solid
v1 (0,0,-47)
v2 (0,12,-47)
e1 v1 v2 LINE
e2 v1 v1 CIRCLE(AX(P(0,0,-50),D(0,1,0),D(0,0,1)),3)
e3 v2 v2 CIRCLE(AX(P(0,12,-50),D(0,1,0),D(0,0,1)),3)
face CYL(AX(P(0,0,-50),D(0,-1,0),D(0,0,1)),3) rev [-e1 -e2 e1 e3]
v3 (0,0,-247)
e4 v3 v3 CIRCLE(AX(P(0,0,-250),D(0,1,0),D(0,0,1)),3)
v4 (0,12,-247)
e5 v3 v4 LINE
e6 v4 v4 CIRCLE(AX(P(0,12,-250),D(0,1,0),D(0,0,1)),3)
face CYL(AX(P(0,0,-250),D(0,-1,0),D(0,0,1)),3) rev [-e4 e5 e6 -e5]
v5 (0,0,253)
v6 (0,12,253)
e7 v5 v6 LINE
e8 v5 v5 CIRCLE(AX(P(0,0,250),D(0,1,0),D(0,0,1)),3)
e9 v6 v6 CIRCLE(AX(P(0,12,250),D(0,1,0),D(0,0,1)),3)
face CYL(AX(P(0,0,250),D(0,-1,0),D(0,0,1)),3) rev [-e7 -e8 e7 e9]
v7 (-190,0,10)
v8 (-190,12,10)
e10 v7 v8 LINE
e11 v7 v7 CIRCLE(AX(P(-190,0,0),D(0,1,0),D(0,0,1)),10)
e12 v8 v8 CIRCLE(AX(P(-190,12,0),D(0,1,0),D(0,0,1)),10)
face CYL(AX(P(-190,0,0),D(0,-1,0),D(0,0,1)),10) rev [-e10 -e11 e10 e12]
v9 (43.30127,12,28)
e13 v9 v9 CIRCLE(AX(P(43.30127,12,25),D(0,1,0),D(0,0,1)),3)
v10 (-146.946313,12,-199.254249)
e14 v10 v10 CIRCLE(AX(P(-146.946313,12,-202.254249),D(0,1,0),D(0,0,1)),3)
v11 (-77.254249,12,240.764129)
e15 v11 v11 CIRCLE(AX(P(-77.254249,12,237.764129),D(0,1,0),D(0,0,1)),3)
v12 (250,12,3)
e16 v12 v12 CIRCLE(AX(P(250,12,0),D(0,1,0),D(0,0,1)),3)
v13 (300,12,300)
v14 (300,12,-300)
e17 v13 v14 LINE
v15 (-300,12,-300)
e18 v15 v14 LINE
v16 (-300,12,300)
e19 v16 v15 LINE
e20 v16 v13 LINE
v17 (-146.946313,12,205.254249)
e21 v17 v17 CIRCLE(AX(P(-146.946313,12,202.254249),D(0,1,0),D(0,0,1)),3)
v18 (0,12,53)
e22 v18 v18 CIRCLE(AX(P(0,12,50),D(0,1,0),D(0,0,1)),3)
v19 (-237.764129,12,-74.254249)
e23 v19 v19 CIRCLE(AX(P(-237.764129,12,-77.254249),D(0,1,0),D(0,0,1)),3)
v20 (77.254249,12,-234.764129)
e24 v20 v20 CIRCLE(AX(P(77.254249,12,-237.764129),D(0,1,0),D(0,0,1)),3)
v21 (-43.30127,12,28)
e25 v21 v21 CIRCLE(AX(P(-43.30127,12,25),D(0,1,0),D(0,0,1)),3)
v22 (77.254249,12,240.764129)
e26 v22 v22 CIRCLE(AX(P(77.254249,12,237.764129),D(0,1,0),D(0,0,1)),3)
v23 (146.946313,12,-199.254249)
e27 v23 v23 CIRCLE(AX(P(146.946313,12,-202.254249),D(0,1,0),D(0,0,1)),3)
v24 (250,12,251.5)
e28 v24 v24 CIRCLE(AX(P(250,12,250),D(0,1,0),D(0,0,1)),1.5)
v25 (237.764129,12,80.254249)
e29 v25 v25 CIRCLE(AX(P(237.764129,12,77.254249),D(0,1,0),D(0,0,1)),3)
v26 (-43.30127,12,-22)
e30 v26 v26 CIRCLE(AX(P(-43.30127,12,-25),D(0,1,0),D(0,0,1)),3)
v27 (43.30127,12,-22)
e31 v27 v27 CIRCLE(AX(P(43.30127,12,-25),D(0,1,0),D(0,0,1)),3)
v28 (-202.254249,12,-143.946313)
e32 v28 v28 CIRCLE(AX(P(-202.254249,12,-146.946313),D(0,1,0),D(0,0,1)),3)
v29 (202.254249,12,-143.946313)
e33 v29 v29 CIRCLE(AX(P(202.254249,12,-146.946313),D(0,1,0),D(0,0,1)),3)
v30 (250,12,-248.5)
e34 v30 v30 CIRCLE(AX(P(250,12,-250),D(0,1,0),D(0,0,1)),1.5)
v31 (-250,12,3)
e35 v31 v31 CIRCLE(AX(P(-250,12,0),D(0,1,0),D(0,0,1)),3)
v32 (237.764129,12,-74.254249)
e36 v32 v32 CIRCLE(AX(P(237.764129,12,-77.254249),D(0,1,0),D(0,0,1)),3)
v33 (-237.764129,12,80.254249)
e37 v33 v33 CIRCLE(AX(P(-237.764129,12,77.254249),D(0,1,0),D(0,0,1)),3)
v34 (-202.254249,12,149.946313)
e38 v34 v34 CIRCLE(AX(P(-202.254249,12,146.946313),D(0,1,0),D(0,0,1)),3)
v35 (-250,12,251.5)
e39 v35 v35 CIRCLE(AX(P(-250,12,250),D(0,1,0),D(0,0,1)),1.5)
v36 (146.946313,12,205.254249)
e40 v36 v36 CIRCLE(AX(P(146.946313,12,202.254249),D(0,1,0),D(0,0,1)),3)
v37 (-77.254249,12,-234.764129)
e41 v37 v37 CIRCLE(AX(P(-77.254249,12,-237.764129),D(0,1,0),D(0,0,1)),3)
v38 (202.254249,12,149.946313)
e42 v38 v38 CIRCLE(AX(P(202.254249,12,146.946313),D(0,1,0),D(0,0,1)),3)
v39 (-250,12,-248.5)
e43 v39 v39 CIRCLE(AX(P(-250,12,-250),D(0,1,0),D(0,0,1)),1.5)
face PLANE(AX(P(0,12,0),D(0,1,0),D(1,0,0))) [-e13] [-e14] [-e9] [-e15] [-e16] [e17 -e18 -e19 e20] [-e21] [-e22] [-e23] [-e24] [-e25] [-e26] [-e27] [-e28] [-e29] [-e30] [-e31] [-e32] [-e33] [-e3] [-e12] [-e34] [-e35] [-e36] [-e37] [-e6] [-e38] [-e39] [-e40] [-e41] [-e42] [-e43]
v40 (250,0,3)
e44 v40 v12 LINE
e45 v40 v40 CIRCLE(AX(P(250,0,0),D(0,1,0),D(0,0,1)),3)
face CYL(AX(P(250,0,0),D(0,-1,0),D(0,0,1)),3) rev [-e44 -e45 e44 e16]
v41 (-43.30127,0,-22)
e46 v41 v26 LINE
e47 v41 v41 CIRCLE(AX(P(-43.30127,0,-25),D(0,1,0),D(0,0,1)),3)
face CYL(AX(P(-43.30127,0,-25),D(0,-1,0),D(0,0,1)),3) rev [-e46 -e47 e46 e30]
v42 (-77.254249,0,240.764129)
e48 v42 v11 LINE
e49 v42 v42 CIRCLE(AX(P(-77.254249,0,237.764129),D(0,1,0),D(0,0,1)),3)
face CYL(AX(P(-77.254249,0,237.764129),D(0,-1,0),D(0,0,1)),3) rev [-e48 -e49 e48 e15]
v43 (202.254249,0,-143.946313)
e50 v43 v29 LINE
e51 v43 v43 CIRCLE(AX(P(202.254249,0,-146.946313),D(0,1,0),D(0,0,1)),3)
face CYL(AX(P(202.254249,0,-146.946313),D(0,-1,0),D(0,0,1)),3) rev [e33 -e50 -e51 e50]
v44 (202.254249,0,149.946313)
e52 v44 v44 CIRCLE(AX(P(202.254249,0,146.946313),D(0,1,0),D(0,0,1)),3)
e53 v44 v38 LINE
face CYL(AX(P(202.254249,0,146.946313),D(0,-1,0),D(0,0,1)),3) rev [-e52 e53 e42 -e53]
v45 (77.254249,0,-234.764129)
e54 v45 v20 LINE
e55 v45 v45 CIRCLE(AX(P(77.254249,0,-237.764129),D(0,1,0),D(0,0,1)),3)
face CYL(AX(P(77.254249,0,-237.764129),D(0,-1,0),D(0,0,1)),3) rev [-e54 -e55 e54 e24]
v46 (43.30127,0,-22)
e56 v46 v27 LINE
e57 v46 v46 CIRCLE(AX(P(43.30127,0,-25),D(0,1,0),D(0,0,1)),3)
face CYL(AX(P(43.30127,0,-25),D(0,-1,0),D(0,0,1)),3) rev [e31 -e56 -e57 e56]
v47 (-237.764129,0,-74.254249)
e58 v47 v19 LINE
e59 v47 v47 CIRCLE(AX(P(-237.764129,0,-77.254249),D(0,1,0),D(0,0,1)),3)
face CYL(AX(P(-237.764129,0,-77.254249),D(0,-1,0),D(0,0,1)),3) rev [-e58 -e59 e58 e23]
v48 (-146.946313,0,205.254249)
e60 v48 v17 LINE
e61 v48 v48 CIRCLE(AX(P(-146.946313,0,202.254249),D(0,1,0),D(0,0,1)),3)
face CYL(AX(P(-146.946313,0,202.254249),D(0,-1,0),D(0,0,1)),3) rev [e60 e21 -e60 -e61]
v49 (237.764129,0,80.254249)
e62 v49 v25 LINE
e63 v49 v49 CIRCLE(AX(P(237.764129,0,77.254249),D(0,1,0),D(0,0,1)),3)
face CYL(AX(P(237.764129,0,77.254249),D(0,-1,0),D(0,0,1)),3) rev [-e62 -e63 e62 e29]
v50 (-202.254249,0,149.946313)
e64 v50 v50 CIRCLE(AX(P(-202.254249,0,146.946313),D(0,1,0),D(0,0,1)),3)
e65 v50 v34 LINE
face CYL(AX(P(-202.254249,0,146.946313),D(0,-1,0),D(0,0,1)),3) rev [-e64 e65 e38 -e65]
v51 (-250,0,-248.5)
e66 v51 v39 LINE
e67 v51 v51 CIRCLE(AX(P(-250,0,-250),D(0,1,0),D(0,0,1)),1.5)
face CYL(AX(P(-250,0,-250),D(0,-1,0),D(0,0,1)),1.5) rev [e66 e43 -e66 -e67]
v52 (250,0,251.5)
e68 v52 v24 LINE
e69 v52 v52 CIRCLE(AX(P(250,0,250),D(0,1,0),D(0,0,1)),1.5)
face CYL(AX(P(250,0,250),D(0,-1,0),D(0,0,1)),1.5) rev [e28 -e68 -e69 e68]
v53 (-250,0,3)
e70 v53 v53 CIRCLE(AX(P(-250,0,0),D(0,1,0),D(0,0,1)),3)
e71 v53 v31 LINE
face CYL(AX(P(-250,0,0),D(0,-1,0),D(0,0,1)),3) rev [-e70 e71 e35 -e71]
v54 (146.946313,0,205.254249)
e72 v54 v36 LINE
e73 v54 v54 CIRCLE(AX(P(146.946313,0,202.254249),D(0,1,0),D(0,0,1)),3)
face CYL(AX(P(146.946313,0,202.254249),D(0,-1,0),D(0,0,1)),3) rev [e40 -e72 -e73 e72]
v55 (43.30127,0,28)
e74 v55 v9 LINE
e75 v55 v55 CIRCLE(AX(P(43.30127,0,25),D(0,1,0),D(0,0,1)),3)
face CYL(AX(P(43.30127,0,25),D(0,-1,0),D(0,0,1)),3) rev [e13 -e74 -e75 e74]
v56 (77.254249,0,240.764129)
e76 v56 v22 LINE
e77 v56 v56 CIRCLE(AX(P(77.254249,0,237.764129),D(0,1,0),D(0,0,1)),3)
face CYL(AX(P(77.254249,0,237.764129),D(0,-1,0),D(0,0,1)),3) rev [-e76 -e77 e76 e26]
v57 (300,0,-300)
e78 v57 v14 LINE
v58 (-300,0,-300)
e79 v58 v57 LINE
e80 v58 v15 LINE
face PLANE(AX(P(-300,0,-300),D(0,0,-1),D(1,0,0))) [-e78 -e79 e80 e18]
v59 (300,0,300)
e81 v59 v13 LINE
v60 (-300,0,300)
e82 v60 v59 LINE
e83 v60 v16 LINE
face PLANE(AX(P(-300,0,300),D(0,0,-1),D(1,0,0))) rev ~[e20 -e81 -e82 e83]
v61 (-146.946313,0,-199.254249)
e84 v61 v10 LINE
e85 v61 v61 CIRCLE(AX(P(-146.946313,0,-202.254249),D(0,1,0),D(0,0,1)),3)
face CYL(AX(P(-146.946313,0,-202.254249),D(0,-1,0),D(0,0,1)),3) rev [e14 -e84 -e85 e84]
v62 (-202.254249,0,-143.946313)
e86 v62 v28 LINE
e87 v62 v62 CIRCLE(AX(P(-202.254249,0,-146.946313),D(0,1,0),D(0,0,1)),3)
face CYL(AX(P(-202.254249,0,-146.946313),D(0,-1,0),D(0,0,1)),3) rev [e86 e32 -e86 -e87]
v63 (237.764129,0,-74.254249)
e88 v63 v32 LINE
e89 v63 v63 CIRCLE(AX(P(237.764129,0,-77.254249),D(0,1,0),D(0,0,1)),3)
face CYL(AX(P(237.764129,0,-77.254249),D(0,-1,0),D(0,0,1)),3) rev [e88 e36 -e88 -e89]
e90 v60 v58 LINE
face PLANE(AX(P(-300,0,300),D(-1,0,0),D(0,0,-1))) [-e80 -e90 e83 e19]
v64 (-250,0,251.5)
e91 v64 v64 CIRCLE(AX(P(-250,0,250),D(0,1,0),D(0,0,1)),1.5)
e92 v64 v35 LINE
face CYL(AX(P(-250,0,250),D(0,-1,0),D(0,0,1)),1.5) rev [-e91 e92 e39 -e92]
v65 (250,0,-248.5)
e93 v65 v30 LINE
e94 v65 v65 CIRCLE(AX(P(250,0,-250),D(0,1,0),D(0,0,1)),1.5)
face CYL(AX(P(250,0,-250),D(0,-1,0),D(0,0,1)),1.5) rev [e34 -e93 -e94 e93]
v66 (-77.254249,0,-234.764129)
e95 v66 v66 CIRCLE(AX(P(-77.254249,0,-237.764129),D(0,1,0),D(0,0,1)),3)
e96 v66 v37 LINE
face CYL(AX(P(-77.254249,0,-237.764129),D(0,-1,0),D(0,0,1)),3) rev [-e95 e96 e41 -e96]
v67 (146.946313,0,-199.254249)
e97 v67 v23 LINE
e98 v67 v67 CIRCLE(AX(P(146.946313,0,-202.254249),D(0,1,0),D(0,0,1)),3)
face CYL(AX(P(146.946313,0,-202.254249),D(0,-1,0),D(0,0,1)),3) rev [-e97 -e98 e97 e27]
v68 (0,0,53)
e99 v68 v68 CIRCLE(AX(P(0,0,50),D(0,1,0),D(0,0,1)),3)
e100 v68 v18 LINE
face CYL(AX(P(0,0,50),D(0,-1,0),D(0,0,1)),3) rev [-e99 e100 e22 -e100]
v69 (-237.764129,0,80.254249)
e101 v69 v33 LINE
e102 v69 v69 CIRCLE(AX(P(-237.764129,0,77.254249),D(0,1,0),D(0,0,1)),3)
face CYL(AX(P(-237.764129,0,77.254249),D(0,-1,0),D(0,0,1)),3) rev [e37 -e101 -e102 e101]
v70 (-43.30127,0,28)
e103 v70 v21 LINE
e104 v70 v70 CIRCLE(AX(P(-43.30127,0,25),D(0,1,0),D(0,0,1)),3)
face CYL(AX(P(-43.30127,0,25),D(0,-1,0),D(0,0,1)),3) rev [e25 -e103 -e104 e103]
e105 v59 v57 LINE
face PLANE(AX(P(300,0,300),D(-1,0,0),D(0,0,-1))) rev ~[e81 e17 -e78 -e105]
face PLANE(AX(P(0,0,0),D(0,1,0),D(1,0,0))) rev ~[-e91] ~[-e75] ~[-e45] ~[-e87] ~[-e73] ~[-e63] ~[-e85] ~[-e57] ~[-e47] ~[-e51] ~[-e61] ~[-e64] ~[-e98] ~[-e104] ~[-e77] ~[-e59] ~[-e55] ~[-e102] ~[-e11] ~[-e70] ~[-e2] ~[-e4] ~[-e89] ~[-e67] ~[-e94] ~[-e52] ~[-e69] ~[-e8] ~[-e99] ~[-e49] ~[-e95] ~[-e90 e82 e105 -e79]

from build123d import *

# Parameters (mm, degrees)
SKETCH1_W           = 600
SKETCH1_H           = 600
SKETCH1_R           = 3
SKETCH1_R_2         = 1.5
SKETCH1_R_3         = 10
BOSS_EXTRUDE1_DEPTH = 12


with BuildPart() as part:
    # Sketch1 → Boss-Extrude1 (new body)
    with BuildSketch(Plane(origin=(0, 0, 0), x_dir=(1, 0, 0), z_dir=(0, 1, 0))):
        Rectangle(SKETCH1_W, SKETCH1_H)
        with Locations(Location((0, 250, 0), (0, 0, 270))):
            Circle(SKETCH1_R, mode=Mode.SUBTRACT)
        with Locations(Location((77.254248594, 237.764129074, 0), (0, 0, 270))):
            Circle(SKETCH1_R, mode=Mode.SUBTRACT)
        with Locations(Location((146.946313073, 202.254248594, 0), (0, 0, 270))):
            Circle(SKETCH1_R, mode=Mode.SUBTRACT)
        with Locations(Location((202.254248594, 146.946313073, 0), (0, 0, 270))):
            Circle(SKETCH1_R, mode=Mode.SUBTRACT)
        with Locations(Location((237.764129074, 77.254248594, 0), (0, 0, 270))):
            Circle(SKETCH1_R, mode=Mode.SUBTRACT)
        with Locations(Location((250, 0, 0), (0, 0, 270))):
            Circle(SKETCH1_R, mode=Mode.SUBTRACT)
        with Locations(Location((237.764129074, -77.254248594, 0), (0, 0, 270))):
            Circle(SKETCH1_R, mode=Mode.SUBTRACT)
        with Locations(Location((202.254248594, -146.946313073, 0), (0, 0, 270))):
            Circle(SKETCH1_R, mode=Mode.SUBTRACT)
        with Locations(Location((146.946313073, -202.254248594, 0), (0, 0, 270))):
            Circle(SKETCH1_R, mode=Mode.SUBTRACT)
        with Locations(Location((77.254248594, -237.764129074, 0), (0, 0, 270))):
            Circle(SKETCH1_R, mode=Mode.SUBTRACT)
        with Locations(Location((0, -250, 0), (0, 0, 270))):
            Circle(SKETCH1_R, mode=Mode.SUBTRACT)
        with Locations(Location((-77.254248594, -237.764129074, 0), (0, 0, 270))):
            Circle(SKETCH1_R, mode=Mode.SUBTRACT)
        with Locations(Location((-146.946313073, -202.254248594, 0), (0, 0, 270))):
            Circle(SKETCH1_R, mode=Mode.SUBTRACT)
        with Locations(Location((-202.254248594, -146.946313073, 0), (0, 0, 270))):
            Circle(SKETCH1_R, mode=Mode.SUBTRACT)
        with Locations(Location((-237.764129074, -77.254248594, 0), (0, 0, 270))):
            Circle(SKETCH1_R, mode=Mode.SUBTRACT)
        with Locations(Location((-250, 0, 0), (0, 0, 270))):
            Circle(SKETCH1_R, mode=Mode.SUBTRACT)
        with Locations(Location((-237.764129074, 77.254248594, 0), (0, 0, 270))):
            Circle(SKETCH1_R, mode=Mode.SUBTRACT)
        with Locations(Location((-202.254248594, 146.946313073, 0), (0, 0, 270))):
            Circle(SKETCH1_R, mode=Mode.SUBTRACT)
        with Locations(Location((-146.946313073, 202.254248594, 0), (0, 0, 270))):
            Circle(SKETCH1_R, mode=Mode.SUBTRACT)
        with Locations(Location((-77.254248594, 237.764129074, 0), (0, 0, 270))):
            Circle(SKETCH1_R, mode=Mode.SUBTRACT)
        with Locations(Location((0, 50, 0), (0, 0, 270))):
            Circle(SKETCH1_R, mode=Mode.SUBTRACT)
        with Locations(Location((43.301270189, 25, 0), (0, 0, 270))):
            Circle(SKETCH1_R, mode=Mode.SUBTRACT)
        with Locations(Location((43.301270189, -25, 0), (0, 0, 270))):
            Circle(SKETCH1_R, mode=Mode.SUBTRACT)
        with Locations(Location((0, -50, 0), (0, 0, 270))):
            Circle(SKETCH1_R, mode=Mode.SUBTRACT)
        with Locations(Location((-43.301270189, -25, 0), (0, 0, 270))):
            Circle(SKETCH1_R, mode=Mode.SUBTRACT)
        with Locations(Location((-43.301270189, 25, 0), (0, 0, 270))):
            Circle(SKETCH1_R, mode=Mode.SUBTRACT)
        with Locations(Location((-250, 250, 0), (0, 0, 270))):
            Circle(SKETCH1_R_2, mode=Mode.SUBTRACT)
        with Locations(Location((-190, 0, 0), (0, 0, 270))):
            Circle(SKETCH1_R_3, mode=Mode.SUBTRACT)
        with Locations(Location((250, 250, 0), (0, 0, 270))):
            Circle(SKETCH1_R_2, mode=Mode.SUBTRACT)
        with Locations(Location((250, -250, 0), (0, 0, 270))):
            Circle(SKETCH1_R_2, mode=Mode.SUBTRACT)
        with Locations(Location((-250, -250, 0), (0, 0, 270))):
            Circle(SKETCH1_R_2, mode=Mode.SUBTRACT)
    extrude(amount=BOSS_EXTRUDE1_DEPTH)


solid = part.part
